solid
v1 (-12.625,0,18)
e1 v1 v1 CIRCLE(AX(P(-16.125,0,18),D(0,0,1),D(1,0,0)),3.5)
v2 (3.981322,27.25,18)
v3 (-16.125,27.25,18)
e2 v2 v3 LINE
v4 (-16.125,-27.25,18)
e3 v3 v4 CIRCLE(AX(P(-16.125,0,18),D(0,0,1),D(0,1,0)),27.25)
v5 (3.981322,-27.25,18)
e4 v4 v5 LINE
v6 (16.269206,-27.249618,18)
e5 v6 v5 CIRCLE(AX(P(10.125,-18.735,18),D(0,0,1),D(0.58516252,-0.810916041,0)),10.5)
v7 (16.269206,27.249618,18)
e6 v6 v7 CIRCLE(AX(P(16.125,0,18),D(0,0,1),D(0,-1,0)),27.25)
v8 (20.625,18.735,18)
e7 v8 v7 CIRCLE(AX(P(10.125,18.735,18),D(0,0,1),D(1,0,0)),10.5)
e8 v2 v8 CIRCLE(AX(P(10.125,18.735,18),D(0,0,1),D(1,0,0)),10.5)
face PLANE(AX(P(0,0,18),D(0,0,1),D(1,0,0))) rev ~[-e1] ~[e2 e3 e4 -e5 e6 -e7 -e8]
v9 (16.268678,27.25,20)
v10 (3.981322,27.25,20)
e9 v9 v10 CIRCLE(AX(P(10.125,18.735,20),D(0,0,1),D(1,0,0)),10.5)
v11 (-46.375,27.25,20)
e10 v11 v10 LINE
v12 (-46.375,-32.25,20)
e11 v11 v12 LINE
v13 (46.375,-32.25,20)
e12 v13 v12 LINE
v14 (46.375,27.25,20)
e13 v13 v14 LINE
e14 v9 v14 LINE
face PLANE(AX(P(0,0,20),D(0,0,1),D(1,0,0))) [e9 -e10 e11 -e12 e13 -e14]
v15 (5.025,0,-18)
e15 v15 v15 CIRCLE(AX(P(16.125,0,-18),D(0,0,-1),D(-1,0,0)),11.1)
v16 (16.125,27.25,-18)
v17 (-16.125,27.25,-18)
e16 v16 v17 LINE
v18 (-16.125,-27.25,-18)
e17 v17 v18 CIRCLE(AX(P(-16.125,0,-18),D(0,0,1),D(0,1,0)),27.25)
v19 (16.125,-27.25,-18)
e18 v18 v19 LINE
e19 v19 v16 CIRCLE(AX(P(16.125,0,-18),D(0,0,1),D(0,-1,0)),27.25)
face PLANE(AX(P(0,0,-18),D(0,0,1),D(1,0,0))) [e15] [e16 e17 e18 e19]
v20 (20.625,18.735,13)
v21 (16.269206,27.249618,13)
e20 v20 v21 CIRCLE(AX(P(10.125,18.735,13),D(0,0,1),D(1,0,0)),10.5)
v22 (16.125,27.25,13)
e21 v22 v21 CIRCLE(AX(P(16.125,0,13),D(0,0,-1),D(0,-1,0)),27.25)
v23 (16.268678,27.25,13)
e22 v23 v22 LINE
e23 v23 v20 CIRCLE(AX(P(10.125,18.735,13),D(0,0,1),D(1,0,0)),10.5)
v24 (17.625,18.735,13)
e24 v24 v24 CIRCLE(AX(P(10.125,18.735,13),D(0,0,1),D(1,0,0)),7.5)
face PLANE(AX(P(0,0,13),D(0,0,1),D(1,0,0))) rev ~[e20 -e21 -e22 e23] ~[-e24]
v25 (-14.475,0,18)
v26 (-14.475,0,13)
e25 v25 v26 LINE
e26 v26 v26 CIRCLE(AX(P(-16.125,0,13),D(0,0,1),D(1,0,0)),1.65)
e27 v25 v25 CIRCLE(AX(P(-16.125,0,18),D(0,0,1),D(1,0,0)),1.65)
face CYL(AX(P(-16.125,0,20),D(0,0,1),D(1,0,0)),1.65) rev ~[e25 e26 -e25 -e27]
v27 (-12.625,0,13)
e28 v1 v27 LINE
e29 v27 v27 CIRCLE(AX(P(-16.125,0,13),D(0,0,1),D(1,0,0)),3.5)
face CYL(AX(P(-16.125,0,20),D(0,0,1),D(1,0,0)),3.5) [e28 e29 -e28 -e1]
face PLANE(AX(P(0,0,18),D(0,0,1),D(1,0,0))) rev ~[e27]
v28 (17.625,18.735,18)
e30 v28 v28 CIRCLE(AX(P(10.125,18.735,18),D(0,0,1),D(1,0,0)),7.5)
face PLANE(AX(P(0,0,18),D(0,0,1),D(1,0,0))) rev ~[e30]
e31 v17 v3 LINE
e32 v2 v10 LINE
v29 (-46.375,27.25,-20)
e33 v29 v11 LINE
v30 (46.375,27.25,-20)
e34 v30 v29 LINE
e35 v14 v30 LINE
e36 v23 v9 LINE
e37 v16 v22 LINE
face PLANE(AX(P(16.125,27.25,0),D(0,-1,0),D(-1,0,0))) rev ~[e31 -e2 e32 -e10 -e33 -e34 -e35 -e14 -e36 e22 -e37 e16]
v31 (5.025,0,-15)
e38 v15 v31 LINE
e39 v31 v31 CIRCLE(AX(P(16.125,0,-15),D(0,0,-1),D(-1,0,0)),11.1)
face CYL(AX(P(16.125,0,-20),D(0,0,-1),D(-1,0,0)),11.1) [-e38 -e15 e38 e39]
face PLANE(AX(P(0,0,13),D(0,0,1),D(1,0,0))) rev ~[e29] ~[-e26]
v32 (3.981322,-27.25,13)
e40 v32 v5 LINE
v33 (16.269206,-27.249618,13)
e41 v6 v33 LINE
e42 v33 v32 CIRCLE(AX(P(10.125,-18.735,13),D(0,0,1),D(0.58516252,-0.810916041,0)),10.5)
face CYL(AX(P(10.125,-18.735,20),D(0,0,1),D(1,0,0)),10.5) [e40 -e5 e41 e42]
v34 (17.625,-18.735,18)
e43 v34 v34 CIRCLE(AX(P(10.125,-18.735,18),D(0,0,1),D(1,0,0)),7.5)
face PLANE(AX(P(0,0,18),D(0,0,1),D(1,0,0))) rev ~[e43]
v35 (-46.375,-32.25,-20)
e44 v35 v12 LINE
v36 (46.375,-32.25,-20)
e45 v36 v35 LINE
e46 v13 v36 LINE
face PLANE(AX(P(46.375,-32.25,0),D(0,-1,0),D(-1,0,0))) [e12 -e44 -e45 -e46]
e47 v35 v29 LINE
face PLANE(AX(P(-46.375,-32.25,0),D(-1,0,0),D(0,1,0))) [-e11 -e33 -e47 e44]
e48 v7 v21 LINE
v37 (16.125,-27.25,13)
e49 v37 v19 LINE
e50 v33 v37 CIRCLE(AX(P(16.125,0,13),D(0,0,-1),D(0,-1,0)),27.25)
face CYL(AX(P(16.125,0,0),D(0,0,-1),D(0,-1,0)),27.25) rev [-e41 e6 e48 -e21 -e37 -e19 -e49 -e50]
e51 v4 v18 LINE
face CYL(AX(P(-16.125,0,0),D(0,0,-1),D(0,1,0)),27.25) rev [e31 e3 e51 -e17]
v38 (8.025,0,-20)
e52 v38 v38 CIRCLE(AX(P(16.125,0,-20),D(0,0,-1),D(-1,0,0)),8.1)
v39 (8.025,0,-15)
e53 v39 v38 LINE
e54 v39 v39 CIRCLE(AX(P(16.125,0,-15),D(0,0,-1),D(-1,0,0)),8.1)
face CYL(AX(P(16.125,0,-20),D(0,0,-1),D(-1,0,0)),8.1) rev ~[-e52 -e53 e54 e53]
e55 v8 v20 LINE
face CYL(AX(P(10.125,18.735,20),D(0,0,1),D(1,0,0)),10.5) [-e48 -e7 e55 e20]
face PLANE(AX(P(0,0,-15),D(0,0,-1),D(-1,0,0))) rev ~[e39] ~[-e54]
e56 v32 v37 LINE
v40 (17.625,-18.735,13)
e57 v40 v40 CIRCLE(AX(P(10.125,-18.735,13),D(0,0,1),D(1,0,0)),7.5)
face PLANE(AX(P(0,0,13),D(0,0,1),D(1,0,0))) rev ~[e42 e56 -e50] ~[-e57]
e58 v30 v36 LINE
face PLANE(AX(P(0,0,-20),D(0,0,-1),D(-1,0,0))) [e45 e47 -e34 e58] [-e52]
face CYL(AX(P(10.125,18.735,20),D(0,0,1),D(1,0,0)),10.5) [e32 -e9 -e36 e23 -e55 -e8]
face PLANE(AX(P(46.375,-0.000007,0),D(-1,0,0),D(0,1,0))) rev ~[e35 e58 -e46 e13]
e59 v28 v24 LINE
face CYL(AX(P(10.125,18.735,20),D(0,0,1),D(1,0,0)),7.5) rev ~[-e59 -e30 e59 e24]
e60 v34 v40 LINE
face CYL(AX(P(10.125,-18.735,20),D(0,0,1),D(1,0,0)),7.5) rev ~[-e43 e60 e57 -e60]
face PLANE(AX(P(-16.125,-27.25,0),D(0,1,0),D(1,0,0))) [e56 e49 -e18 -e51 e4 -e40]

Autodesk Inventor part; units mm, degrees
ref_plane "YZ Plane" through (0, 0, 0) normal (1, 0, 0) x (0, 1, 0)
ref_plane "XZ Plane" through (0, 0, 0) normal (0, 1, 0) x (-1, 0, 0)
ref_plane "XY Plane" through (0, 0, 0) normal (0, 0, 1) x (1, 0, 0)
sketch "Sketch1" plane through (0, 0, 0) normal (0, 0, 1) x (1, 0, 0)
  circle A0 centre (-16.125, 0) radius 6
  arc A1 (16.125, -18.735) -> (5.2413, -15.2494) centre (10.125, -18.735) ccw
  arc A2 (16.125, 18.735) -> (5.2413, 15.2494) centre (10.125, 18.735) ccw
  circle A3 centre (10.125, 18.735) radius 7.5
  circle A4 centre (10.125, -18.735) radius 7.5
  line L0 (16.125, 27.25) -> (-16.125, 27.25)
  arc A5 (-16.125, 27.25) -> (-16.125, -27.25) centre (-16.125, 0) ccw
  line L1 (-16.125, -27.25) -> (16.125, -27.25)
  arc A6 (16.125, -27.25) -> (16.125, 27.25) centre (16.125, 0) ccw
  arc A7 (-29.2589, 27.25) -> (-16.125, -30.25) centre (-16.125, 0) ccw
  line L2 (-16.125, -30.25) -> (16.125, -30.25)
  arc A8 (16.125, -30.25) -> (29.2589, 27.25) centre (16.125, 0) ccw
  line L3 (-16.125, -30.25) -> (16.125, -30.25)
  line L4 (46.375, -30.25) -> (46.375, 27.25)
  line L5 (-46.375, 27.25) -> (-46.375, -30.25)
  line L6 (-46.375, -30.25) -> (46.375, 30.25) construction
  line L7 (46.375, -30.25) -> (-46.375, 30.25) construction
  line L8 (46.375, 27.25) -> (-46.375, 27.25)
  line L9 (-16.125, -30.25) -> (16.125, -30.25)
  line L10 (46.375, -30.25) -> (46.375, -32.25)
  line L11 (46.375, -32.25) -> (-46.375, -32.25)
  line L12 (-46.375, -32.25) -> (-46.375, -30.25)
  line L13 (-46.375, 27.25) -> (46.375, 27.25)
  line L14 (46.375, 27.25) -> (46.375, -32.25)
  line L15 (46.375, -32.25) -> (-46.375, -32.25)
  line L16 (-46.375, -32.25) -> (-46.375, 27.25)
  point P0 (0, 0)
  point P1 (0, 26.25)
  point P2 (0, -26.25)
  dimension "d1" = 12
  dimension "d3" = 12
  dimension "d4" = 12
  dimension "d6" = 15
  dimension "d7" = 15
  dimension "d9" = 3
  dimension "d12" = 2
extrude "Extrusion2" add sketch "Sketch1" along normal mid plane 40 contours A0 | A3 | A4 | A6 L1 A5 L0 | L8 A8 L2 A7 A5 L1 A6 | L8 L4 A8 | A7 L5 L8 | L4 L10 L11 L12 L5 A7 L2 A8
extrude "Extrusion3" cut sketch "Sketch1" along normal mid plane 36 contours A6 L1 A5 L0
extrude "Extrusion4" cut sketch "Sketch1" along normal mid plane 36 contours A0 | A3 | A4
sketch "Sketch2" plane through (0, 0, 20) normal (0, 0, 1) x (1, 0, 0)
  arc A0 (16.125, -18.735) -> (5.2413, -15.2494) centre (10.125, -18.735) ccw projected
  circle A1 centre (10.125, 18.735) radius 7.5 projected
  circle A2 centre (-16.125, 0) radius 6 projected
  circle A3 centre (10.125, 18.735) radius 7.5
  circle A4 centre (10.125, 18.735) radius 10.5
  circle A5 centre (10.125, -18.735) radius 7.5
  circle A6 centre (10.125, -18.735) radius 10.5
  circle A7 centre (-16.125, 0) radius 1.65
  circle A8 centre (-16.125, 0) radius 3.5
  point P0 (0, 0)
  point P1 (16.125, 0)
  dimension "d19" = 21
  dimension "d20" = 15
  dimension "d21" = 21
  dimension "d22" = 3.3
  dimension "d23" = 7
extrude "Extrusion5" add sketch "Sketch2" against normal blind 7 contours A4 | A6 | A8
sketch "Sketch3" plane through (0, 0, -20) normal (0, 0, -1) x (-1, 0, 0)
  circle A0 centre (-16.125, 0) radius 8.1
  circle A1 centre (-16.125, 0) radius 11.1
  point P0 (0, 0)
  dimension "d26" = 16.2
  dimension "d27" = 3
extrude "Extrusion6" add sketch "Sketch3" against normal blind 5
extrude "Extrusion7" cut sketch "Sketch3" against normal blind 5 contours A0
properties part number "referencia"
